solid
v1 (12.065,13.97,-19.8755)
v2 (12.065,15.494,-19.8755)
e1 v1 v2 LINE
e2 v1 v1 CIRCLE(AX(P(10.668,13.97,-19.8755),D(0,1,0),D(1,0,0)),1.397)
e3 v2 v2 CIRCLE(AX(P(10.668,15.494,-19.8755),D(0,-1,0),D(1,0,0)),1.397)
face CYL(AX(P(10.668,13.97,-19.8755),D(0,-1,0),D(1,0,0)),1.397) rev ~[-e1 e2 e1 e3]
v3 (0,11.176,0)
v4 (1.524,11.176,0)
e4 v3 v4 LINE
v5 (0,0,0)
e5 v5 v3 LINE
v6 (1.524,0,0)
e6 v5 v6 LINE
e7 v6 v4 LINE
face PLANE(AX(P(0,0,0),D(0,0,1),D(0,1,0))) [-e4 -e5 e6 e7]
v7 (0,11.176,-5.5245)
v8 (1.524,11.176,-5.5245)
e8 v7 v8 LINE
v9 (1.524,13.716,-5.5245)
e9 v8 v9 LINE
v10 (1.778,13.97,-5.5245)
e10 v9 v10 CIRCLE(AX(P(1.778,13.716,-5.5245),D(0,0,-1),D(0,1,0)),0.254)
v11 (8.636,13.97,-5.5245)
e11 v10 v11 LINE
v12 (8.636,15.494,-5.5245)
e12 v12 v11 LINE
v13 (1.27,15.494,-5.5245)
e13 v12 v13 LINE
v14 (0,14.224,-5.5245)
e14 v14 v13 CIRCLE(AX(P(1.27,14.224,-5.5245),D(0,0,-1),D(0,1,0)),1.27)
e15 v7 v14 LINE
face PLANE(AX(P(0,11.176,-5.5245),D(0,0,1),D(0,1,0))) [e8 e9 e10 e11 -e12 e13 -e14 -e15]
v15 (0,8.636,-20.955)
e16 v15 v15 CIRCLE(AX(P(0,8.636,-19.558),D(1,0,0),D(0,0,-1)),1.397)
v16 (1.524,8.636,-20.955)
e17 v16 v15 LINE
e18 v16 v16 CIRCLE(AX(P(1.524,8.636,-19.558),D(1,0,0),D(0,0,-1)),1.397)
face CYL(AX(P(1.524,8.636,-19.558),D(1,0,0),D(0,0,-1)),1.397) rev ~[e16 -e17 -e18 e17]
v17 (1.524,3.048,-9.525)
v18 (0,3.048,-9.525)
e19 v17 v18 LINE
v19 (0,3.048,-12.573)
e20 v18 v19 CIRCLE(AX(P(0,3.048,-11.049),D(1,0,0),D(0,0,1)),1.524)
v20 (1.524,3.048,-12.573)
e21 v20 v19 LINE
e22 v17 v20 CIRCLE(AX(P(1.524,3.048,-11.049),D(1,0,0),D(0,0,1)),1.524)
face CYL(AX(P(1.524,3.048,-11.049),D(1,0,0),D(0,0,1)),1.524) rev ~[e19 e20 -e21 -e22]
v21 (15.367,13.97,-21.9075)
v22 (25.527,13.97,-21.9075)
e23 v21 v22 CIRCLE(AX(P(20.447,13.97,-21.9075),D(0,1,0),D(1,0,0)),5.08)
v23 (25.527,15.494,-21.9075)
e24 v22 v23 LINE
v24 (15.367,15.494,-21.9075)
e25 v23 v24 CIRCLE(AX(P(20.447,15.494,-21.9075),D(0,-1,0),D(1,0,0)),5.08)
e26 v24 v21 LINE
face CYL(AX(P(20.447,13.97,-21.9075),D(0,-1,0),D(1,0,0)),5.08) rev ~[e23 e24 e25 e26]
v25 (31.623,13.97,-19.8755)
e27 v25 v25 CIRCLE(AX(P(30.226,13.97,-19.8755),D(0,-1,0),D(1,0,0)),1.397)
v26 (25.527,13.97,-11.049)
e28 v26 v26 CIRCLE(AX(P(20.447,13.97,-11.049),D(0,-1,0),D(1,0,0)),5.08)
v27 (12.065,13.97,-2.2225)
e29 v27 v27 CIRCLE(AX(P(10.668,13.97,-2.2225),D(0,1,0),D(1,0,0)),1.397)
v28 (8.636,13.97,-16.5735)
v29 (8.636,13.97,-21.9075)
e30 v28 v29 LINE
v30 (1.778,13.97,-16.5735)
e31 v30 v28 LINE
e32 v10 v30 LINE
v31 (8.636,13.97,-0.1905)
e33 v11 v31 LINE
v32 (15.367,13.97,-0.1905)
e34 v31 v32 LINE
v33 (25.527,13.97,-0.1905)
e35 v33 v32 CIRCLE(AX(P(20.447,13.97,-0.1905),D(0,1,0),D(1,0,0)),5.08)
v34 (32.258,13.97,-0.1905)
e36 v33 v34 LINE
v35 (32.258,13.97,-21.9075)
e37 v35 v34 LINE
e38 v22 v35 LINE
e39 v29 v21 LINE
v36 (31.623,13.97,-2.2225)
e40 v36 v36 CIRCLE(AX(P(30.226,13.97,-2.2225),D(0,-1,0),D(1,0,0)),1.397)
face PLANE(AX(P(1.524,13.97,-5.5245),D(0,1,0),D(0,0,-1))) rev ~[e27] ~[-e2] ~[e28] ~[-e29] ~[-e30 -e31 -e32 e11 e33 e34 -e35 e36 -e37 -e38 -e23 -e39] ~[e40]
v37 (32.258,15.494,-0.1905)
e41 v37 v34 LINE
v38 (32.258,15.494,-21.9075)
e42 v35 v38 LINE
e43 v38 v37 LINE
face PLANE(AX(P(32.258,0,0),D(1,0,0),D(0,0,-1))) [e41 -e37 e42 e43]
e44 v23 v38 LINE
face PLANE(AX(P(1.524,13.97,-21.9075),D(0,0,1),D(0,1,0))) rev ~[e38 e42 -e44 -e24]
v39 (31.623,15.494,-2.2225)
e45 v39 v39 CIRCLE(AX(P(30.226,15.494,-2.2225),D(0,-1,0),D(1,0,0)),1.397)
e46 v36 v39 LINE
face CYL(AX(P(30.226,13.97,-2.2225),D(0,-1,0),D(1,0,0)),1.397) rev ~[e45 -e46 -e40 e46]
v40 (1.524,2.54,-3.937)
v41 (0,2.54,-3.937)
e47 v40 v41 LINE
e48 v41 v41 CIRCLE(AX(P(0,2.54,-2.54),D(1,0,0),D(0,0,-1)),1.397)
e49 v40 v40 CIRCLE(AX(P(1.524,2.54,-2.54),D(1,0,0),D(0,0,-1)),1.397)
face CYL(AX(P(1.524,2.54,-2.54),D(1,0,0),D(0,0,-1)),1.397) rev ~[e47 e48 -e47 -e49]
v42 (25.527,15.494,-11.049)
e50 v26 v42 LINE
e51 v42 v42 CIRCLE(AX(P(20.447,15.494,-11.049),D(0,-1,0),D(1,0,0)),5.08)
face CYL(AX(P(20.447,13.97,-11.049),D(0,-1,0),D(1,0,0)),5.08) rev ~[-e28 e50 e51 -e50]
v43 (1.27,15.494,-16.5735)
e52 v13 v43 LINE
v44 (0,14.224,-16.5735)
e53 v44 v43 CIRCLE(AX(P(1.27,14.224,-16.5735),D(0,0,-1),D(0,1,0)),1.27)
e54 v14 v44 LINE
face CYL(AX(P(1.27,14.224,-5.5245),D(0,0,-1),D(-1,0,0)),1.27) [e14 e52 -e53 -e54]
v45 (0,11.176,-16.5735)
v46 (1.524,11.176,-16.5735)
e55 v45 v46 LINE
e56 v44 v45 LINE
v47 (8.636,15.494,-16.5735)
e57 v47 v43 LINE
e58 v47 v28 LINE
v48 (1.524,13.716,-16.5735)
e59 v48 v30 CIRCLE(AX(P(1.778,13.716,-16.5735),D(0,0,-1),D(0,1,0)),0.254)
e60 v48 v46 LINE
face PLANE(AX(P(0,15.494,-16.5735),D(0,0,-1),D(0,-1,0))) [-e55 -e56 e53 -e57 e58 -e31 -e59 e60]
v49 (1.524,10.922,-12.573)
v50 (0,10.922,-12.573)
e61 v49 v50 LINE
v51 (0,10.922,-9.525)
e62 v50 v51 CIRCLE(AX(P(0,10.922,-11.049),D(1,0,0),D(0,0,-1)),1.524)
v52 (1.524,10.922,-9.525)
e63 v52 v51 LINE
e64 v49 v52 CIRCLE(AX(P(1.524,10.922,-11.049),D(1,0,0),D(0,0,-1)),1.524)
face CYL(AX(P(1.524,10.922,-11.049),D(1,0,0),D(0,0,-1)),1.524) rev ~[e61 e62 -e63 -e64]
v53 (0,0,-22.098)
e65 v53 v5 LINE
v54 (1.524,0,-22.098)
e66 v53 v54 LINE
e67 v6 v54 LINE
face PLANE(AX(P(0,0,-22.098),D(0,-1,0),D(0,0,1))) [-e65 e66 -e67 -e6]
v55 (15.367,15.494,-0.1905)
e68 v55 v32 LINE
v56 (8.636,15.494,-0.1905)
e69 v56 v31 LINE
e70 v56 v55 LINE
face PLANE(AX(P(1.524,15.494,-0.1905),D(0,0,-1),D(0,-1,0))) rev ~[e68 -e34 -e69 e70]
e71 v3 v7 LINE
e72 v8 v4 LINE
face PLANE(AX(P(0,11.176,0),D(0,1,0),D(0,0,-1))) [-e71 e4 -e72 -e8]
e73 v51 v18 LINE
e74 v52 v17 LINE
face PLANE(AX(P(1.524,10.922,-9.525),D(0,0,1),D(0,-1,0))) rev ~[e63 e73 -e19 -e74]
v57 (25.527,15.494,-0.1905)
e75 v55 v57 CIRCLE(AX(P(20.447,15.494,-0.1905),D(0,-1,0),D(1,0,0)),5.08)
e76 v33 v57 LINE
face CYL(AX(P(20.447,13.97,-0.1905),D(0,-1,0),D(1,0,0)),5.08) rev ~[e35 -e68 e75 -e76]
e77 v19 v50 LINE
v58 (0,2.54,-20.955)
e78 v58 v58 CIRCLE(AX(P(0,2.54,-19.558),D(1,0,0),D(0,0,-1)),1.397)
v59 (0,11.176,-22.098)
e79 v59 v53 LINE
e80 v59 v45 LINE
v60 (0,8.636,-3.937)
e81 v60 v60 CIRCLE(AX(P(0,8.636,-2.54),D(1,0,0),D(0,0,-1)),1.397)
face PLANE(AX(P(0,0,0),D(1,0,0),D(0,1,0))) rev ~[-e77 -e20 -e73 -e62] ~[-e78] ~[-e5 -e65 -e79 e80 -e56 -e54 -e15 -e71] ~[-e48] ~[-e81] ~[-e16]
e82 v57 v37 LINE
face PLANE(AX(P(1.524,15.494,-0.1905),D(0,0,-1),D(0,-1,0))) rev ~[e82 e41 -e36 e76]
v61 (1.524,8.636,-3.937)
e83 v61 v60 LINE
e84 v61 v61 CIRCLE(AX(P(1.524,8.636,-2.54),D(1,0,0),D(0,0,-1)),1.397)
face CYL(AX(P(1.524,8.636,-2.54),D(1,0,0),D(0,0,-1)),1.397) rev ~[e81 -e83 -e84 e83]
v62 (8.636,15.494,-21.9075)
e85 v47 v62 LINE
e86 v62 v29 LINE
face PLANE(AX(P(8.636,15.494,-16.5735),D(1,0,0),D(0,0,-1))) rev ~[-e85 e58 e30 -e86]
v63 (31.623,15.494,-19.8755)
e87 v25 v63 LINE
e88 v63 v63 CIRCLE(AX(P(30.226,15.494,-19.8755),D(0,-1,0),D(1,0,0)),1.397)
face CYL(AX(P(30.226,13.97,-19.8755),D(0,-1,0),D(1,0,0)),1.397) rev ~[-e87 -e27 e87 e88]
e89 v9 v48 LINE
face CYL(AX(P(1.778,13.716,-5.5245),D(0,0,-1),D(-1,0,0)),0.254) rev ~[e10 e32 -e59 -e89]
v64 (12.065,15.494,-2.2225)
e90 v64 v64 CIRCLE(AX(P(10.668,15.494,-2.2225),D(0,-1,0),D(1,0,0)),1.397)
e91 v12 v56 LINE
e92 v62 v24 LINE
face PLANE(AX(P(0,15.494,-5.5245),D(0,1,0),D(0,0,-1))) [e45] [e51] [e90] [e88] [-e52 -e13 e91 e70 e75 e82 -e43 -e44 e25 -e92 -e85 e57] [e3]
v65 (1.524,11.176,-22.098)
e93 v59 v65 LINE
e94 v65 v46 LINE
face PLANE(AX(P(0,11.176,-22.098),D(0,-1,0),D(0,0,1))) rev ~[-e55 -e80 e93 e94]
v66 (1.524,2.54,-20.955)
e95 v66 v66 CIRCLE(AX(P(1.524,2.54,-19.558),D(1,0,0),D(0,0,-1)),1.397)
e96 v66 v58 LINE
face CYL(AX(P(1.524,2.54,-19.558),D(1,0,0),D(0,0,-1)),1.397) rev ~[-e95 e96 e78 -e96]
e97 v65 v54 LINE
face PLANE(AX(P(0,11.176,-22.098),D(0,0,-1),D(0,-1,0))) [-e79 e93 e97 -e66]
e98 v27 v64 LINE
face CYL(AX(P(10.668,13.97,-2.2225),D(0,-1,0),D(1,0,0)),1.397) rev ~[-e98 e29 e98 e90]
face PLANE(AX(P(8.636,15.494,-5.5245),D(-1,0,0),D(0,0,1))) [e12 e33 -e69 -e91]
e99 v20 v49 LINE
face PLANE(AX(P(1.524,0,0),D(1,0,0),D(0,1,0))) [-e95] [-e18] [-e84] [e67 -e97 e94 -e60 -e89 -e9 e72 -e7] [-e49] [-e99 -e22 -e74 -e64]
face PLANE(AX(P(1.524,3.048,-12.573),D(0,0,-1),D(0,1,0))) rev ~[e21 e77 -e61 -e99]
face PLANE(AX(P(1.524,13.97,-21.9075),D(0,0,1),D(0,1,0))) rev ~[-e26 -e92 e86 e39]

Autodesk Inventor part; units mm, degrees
ref_plane "YZ Plane" through (0, 0, 0) normal (1, 0, 0) x (0, 1, 0)
ref_plane "XZ Plane" through (0, 0, 0) normal (0, 1, 0) x (-1, 0, 0)
ref_plane "XY Plane" through (0, 0, 0) normal (0, 0, 1) x (1, 0, 0)
sketch "Sketch1" plane through (0, 0, 0) normal (1, 0, 0) x (0, 1, 0)
  line L0 (0, 0) -> (11.176, 0)
  line L1 (11.176, -22.098) -> (0, -22.098)
  line L2 (0, -22.098) -> (0, 0)
  line L3 (11.176, 0) -> (11.176, -5.5245)
  line L4 (11.176, -22.098) -> (11.176, -16.5735)
  line L5 (11.176, -5.5245) -> (15.494, -5.5245)
  line L6 (15.494, -5.5245) -> (15.494, -16.5735)
  line L7 (15.494, -16.5735) -> (11.176, -16.5735)
  line L8 (11.176, 0) -> (11.176, -5.5245)
  line L9 (11.176, -16.5735) -> (11.176, -22.098)
  dimension "d0" = 11.176
  dimension "d1" = 22.098
  dimension "d2" = 5.5245
  dimension "d3" = 5.5245
  dimension "d4" = 4.318
extrude "Extrusion1" add sketch "Sketch1" along normal blind 1.524
sketch "Sketch2" plane through (1.524, 0, 0) normal (1, 0, 0) x (0, 0, -1)
  line L0 (16.5735, 15.494) -> (5.5245, 15.494) projected
  line L1 (5.5245, 13.97) -> (16.5735, 13.97)
  line L2 (16.5735, 11.176) -> (16.5735, 15.494) projected
  line L3 (16.5735, 13.97) -> (21.9075, 13.97)
  line L4 (21.9075, 13.97) -> (21.9075, 15.494)
  line L5 (21.9075, 15.494) -> (16.5735, 15.494)
  line L6 (5.5245, 15.494) -> (0.1905, 15.494)
  line L7 (0.1905, 15.494) -> (0.1905, 13.97)
  line L8 (0.1905, 13.97) -> (5.5245, 13.97)
  point P0 (0, 0)
extrude "Extrusion2" add sketch "Sketch2" along normal blind 30.734
fillet "Fillet1" radius 1.27 1 edges at (0, 15.494, -11.049)
fillet "Fillet2" radius 0.254 1 edges at (1.524, 13.97, -11.049)
sketch "Sketch3" plane through (1.524, 0, 0) normal (1, 0, 0) x (0, 0, -1)
  line L0 (22.098, 0) -> (22.098, 11.176) projected
  line L1 (0, 0) -> (22.098, 0) projected
  circle A0 centre (19.558, 2.54) radius 1.397
  line L2 (22.098, 11.176) -> (16.5735, 11.176) projected
  circle A1 centre (19.558, 8.636) radius 1.397
  circle A2 centre (2.54, 2.54) radius 1.397
  circle A3 centre (2.54, 8.636) radius 1.397
  line L3 (11.049, 1.524) -> (11.049, 12.446) construction
  line L4 (12.573, 3.048) -> (12.573, 10.922)
  line L5 (9.525, 10.922) -> (9.525, 3.048)
  arc A4 (9.525, 3.048) -> (12.573, 3.048) centre (11.049, 3.048) ccw
  arc A5 (12.573, 10.922) -> (9.525, 10.922) centre (11.049, 10.922) ccw
  point P0 (11.049, 6.985)
  dimension "d16" = 2.794
  dimension "d19" = 2.794
  dimension "d23" = 10.922
  dimension "d24" = 3.048
  dimension "d50" = 17.018
extrude "Extrusion3" cut sketch "Sketch3" against normal blind 30.734
sketch "Sketch4" plane through (1.524, 15.494, -0.1905) normal (0, 1, 0) x (1, 0, 0)
  line L0 (-1.524, 16.383) -> (0, 16.383) projected
  line L1 (0, 16.383) -> (7.112, 16.383)
  line L2 (-0.254, 5.334) -> (0, 5.334) projected
  line L3 (0, 5.334) -> (7.112, 5.334)
  line L4 (7.112, 16.383) -> (7.112, 21.717)
  line L5 (0, 21.717) -> (30.734, 21.717) projected
  line L6 (7.112, 21.717) -> (0, 21.717)
  line L7 (0, 21.9075) -> (0, 16.383) projected
  line L8 (0, 21.717) -> (0, 16.383)
  line L9 (7.112, 5.334) -> (7.112, 0)
  line L10 (0, 0) -> (30.734, 0) projected
  line L11 (7.112, 0) -> (0, 0)
  line L12 (0, 5.334) -> (0, 16.383) projected
  line L13 (0, 0) -> (0, 5.334)
  point P0 (-1.524, -0.1905)
  dimension "d27" = 7.112
  dimension "d28" = 7.112
extrude "Extrusion4" cut sketch "Sketch4" against normal blind 30.734
sketch "Sketch5" plane through (32.258, 13.97, -21.9075) normal (0, -1, 0) x (1, 0, 0)
  circle A0 centre (-11.811, 10.8585) radius 5.08
  line L0 (-23.622, 21.717) -> (0, 21.717) projected
  circle A1 centre (-11.811, 21.717) radius 5.08
  line L1 (-23.622, 0) -> (0, 0) projected
  circle A2 centre (-11.811, 0) radius 5.08
  point P0 (-32.258, 21.9075)
  dimension "d31" = 10.16
  dimension "d32" = 10.16
  dimension "d33" = 10.16
extrude "Extrusion5" cut sketch "Sketch5" against normal blind 30.734
sketch "Sketch6" plane through (32.258, 13.97, -21.9075) normal (0, -1, 0) x (1, 0, 0)
  circle A0 centre (-2.032, 19.685) radius 1.397
  circle A1 centre (-11.811, 10.8585) radius 5.08 projected
  line L0 (0, 21.717) -> (0, 0) projected
  line L1 (0, 0) -> (0, 2.032)
  line L2 (0, 2.032) -> (-2.032, 2.032)
  circle A2 centre (-2.032, 2.032) radius 1.397
  line L3 (-23.622, 21.717) -> (-23.622, 16.383) projected
  line L4 (-23.622, 21.717) -> (-23.622, 19.685)
  line L5 (-23.622, 19.685) -> (-21.59, 19.685)
  circle A3 centre (-21.59, 19.685) radius 1.397
  line L6 (-23.622, 5.334) -> (-23.622, 0) projected
  line L7 (-23.622, 0) -> (-23.622, 2.032)
  line L8 (-23.622, 2.032) -> (-21.59, 2.032)
  circle A4 centre (-21.59, 2.032) radius 1.397
  point P0 (-32.258, 21.9075)
  dimension "d38" = 2.794
  dimension "d39" = 2.032
  dimension "d40" = 2.032
  dimension "d41" = 2.794
  dimension "d42" = 2.032
  dimension "d43" = 2.032
  dimension "d44" = 2.794
  dimension "d45" = 2.032
  dimension "d46" = 2.032
  dimension "d47" = 2.794
extrude "Extrusion6" cut sketch "Sketch6" against normal blind 25.4 contours A0 | A2 | A3 | A4
properties part number "msheehan_motor_mount"
